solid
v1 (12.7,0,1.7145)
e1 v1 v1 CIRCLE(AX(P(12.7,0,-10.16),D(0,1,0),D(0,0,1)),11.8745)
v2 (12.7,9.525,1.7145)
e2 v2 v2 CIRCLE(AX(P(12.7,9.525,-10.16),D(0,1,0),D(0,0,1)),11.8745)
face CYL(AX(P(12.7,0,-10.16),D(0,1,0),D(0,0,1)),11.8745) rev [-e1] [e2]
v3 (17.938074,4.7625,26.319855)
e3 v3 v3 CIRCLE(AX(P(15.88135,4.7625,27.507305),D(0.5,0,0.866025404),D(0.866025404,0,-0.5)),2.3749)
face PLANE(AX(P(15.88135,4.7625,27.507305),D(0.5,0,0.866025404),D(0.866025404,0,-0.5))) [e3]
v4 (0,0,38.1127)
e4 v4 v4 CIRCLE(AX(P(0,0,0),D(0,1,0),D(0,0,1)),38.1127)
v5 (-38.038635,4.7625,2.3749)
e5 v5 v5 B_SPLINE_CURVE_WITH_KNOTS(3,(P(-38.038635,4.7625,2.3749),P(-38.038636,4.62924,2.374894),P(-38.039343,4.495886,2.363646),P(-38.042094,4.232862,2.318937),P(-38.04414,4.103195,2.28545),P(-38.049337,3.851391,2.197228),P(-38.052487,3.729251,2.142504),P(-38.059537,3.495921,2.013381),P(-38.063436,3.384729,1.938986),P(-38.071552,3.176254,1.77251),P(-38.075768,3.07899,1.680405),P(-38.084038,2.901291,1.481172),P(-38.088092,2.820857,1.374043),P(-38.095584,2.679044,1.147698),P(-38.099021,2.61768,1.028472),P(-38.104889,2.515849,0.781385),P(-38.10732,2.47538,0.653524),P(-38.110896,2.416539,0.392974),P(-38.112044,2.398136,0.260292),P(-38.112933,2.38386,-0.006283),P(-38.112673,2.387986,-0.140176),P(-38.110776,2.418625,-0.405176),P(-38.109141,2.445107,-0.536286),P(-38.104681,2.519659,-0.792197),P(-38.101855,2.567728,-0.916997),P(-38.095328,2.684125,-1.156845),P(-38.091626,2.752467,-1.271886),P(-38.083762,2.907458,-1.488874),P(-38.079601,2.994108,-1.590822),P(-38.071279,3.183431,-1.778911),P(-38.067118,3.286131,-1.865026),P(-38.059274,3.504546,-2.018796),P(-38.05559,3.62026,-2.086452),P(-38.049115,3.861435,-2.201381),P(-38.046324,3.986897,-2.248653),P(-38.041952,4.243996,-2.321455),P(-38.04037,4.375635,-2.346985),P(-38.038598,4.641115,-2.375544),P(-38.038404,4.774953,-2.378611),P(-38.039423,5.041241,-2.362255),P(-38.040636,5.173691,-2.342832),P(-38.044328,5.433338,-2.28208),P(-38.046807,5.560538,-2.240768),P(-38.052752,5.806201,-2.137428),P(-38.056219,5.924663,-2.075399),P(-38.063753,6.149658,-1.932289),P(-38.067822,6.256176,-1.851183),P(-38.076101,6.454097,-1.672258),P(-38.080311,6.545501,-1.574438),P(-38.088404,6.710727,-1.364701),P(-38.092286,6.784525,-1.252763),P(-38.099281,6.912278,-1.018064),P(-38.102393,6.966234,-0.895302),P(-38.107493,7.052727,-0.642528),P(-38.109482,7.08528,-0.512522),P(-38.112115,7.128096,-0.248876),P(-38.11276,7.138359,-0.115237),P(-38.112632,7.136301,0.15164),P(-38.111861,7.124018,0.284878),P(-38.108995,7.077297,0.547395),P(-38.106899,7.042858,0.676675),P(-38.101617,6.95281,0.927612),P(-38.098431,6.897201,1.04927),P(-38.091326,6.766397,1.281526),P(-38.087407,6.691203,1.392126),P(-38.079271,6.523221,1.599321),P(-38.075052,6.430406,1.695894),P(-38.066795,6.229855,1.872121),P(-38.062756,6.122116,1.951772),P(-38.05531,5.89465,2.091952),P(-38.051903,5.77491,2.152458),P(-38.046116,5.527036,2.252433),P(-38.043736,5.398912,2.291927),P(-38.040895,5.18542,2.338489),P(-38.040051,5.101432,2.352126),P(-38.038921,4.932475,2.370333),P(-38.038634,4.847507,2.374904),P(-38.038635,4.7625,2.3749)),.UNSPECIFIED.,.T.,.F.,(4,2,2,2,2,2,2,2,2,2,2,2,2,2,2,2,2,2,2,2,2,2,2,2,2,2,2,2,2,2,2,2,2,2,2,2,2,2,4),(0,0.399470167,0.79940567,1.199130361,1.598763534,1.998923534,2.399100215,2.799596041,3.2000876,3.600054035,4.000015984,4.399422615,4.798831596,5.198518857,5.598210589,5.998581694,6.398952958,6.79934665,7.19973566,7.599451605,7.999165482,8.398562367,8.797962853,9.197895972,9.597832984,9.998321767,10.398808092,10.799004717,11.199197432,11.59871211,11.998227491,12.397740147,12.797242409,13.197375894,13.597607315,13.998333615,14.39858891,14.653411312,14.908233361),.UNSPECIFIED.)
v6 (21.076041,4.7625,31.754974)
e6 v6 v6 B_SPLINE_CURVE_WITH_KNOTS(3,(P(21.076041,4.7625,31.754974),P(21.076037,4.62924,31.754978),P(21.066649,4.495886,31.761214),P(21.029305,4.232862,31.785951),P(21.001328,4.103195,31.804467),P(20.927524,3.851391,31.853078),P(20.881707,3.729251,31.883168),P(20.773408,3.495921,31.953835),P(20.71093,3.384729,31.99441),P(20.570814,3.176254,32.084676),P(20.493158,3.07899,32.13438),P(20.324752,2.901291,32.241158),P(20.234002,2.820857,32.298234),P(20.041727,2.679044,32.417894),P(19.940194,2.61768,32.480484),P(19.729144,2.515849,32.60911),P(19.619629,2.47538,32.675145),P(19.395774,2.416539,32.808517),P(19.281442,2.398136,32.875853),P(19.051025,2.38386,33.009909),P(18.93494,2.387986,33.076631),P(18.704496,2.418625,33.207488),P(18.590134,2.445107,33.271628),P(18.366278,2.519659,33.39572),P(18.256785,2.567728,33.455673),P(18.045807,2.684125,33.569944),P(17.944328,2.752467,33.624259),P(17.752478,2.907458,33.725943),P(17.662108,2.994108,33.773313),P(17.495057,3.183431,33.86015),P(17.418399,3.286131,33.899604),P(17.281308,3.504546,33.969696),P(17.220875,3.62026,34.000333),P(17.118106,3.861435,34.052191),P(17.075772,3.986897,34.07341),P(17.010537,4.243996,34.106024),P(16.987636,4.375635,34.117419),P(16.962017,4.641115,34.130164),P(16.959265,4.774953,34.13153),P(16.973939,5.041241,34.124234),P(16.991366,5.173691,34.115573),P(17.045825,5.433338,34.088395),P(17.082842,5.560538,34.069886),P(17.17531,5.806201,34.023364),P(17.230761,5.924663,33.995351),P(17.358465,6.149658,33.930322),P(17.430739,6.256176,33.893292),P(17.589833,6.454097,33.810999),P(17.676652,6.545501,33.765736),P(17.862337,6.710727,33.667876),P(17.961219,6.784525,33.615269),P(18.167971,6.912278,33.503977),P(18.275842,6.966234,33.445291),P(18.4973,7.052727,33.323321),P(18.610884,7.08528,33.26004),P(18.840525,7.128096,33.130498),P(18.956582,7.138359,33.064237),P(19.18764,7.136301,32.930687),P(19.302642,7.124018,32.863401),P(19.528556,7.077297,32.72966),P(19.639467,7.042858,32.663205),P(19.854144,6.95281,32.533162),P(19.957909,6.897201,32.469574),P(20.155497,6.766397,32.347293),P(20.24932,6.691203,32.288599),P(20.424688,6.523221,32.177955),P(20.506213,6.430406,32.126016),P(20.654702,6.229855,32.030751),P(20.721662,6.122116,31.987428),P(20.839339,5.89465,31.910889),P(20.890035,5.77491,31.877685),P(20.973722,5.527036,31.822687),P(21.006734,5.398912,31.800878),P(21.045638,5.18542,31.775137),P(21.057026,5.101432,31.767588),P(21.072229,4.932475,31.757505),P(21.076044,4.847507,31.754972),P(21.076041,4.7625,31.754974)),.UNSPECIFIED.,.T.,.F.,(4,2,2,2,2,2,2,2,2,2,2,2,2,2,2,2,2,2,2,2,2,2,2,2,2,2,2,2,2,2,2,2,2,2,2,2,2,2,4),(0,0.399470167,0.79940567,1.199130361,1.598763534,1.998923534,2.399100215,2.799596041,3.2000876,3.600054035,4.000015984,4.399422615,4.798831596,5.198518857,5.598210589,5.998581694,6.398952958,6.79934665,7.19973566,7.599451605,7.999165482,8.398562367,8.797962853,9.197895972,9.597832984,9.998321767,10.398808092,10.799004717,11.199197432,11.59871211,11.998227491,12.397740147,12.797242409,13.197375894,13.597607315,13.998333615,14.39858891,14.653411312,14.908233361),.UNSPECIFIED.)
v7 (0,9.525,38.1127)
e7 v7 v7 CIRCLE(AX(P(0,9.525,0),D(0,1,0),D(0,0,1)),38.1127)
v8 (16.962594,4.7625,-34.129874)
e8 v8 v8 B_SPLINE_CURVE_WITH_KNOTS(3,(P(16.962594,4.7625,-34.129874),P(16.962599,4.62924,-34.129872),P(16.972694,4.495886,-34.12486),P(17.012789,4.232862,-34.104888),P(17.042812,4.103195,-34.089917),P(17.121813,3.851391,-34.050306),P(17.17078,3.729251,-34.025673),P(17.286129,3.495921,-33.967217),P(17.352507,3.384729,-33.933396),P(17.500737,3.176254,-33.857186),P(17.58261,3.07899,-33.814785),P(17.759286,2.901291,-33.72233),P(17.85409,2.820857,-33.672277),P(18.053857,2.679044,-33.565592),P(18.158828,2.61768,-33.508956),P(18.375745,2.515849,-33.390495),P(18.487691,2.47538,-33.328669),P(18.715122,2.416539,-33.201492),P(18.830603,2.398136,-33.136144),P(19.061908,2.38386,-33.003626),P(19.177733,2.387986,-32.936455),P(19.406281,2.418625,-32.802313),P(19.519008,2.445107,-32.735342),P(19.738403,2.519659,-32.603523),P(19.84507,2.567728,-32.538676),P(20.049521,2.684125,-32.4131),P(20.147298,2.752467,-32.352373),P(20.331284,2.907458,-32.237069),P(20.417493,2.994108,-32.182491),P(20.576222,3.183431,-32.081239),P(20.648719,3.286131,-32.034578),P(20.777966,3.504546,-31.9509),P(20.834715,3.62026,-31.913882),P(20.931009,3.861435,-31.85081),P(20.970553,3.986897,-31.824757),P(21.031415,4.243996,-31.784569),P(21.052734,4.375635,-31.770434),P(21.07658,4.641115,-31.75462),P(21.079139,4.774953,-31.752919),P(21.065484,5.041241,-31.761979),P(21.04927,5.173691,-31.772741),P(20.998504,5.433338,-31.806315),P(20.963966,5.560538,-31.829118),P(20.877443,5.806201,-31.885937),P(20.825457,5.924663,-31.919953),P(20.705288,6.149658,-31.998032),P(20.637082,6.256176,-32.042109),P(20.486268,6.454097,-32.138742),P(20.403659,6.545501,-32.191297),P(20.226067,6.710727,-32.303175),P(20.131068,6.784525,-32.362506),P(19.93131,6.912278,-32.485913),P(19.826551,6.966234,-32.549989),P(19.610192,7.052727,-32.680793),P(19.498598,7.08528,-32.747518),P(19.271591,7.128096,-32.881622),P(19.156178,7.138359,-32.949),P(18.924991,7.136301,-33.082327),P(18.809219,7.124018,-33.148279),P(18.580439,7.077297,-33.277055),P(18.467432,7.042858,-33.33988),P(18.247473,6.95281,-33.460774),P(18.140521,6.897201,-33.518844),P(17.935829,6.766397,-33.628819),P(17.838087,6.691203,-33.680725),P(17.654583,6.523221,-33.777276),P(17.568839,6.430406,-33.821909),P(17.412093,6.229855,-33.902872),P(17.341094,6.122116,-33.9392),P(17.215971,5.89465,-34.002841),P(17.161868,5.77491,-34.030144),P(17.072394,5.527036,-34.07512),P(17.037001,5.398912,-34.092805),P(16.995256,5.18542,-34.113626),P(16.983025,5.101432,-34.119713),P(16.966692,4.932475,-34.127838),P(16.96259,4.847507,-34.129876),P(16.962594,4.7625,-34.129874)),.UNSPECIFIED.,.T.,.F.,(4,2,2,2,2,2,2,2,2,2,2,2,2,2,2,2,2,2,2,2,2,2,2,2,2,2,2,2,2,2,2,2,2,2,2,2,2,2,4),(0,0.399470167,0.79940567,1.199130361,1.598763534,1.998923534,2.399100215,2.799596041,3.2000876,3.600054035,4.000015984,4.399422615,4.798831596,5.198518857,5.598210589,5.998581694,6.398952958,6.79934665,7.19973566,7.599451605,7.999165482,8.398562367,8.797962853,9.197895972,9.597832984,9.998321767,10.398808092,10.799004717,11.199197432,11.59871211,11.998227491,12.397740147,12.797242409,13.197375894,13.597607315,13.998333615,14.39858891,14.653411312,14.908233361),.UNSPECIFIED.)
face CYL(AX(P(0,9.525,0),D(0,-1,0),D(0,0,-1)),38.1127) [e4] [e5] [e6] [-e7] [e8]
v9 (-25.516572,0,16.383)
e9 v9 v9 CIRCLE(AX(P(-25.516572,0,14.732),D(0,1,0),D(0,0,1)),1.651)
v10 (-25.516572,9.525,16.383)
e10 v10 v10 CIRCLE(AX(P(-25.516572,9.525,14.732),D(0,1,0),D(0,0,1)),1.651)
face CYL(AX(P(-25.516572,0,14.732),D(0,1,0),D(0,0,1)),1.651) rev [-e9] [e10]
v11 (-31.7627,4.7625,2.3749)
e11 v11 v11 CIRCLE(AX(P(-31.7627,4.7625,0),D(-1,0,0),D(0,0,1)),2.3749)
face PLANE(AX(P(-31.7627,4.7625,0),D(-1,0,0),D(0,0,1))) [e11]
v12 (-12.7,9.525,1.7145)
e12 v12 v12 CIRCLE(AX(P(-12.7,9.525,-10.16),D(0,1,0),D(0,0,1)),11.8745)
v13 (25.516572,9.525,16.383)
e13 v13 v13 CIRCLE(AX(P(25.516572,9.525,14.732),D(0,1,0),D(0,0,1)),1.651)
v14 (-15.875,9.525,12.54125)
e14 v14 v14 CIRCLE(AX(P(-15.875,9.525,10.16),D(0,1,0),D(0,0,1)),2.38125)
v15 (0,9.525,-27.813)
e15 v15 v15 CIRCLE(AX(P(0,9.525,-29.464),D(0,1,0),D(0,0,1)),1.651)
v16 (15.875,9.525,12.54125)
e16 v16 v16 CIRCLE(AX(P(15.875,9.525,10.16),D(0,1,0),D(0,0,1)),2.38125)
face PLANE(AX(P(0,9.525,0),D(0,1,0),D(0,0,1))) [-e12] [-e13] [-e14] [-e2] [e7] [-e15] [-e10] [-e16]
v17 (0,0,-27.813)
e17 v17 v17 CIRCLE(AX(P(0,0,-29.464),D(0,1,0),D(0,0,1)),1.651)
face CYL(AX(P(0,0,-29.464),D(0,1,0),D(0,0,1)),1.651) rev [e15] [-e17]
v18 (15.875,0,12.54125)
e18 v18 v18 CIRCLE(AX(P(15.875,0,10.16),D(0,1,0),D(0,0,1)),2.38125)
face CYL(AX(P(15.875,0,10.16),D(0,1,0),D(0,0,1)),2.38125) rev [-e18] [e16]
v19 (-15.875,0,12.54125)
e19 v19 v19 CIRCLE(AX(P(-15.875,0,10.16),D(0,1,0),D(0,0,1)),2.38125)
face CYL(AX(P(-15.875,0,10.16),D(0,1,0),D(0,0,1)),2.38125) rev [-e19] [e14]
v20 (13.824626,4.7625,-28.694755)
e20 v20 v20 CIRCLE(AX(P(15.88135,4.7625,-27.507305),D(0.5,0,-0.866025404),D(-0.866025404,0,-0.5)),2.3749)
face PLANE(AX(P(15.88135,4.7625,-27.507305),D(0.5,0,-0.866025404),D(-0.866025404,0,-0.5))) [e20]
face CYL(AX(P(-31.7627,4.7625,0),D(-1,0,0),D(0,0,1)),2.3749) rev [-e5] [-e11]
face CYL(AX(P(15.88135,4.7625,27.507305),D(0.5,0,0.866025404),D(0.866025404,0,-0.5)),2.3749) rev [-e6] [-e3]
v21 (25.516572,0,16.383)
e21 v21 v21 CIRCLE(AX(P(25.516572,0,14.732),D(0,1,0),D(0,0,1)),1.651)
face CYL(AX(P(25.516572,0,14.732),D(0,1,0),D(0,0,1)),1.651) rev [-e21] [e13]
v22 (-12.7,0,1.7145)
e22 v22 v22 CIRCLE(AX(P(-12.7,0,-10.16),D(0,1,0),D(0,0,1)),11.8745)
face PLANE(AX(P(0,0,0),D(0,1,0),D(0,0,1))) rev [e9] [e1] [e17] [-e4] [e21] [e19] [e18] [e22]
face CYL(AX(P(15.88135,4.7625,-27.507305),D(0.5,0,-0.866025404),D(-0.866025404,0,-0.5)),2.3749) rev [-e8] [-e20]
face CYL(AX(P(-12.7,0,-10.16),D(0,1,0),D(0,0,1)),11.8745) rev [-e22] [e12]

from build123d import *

# Parameters (mm, degrees)
SKETCH1_R               = 38.1127
BOSS_EXTRUDE1_DEPTH     = 9.525
SKETCH2_R               = 1.651
SKETCH2_R_2             = 11.8745
CUT_EXTRUDE1_DEPTH      = 55.734645587
SKETCH4_R               = 2.3749
CUT_EXTRUDE2_DEPTH      = 6.35
CIRPATTERN1_COUNT       = 3
CUT_EXTRUDE3_DEPTH      = 55.734645747
CUT_EXTRUDE3_DEPTH_BACK = 55.734645747
SKETCH5_R               = 2.38125


with BuildPart() as part:
    # Sketch1 → Boss-Extrude1 (new body)
    with BuildSketch(Plane(origin=(0, 0, 0), x_dir=(1, 0, 0), z_dir=(0, 1, 0))):
        Circle(SKETCH1_R)
    extrude(amount=BOSS_EXTRUDE1_DEPTH)

    # Sketch2 → Cut-Extrude1 (cut, through all)
    with BuildSketch(Plane(origin=(0, 9.525, 0), x_dir=(1, 0, 0), z_dir=(0, 1, 0))):
        with Locations((0, 29.464)):
            Circle(SKETCH2_R)
        with Locations((25.516572497, -14.732)):
            Circle(SKETCH2_R)
        with Locations((-25.516572497, -14.732)):
            Circle(SKETCH2_R)
        with Locations((-12.7, 10.16)):
            Circle(SKETCH2_R_2)
        with Locations((12.7, 10.16)):
            Circle(SKETCH2_R_2)
    extrude(amount=-CUT_EXTRUDE1_DEPTH, mode=Mode.SUBTRACT)

    # Sketch4 → Cut-Extrude2 (cut)
    with BuildSketch(Plane(origin=(19.05635, 0, -33.006566407), x_dir=(0, -1, 0), z_dir=(0.499999999999998, 0, -0.8660254037844398))):
        with Locations((-4.7625, 0)):
            Circle(SKETCH4_R)
    cut_extrude2 = extrude(amount=-CUT_EXTRUDE2_DEPTH, mode=Mode.SUBTRACT)

    # CirPattern1: Cut-Extrude2 ×3 about axis
    cirpattern1_axis = Axis((0, 10.00125, 0), (0, -1, 0))
    for i in range(1, CIRPATTERN1_COUNT):
        add(cut_extrude2.rotate(cirpattern1_axis, i * 360 / CIRPATTERN1_COUNT), mode=Mode.SUBTRACT)

    # Sketch5 → Cut-Extrude3 (cut, two sides: drawn at the far end of the back side and taken through both)
    with BuildSketch(Plane(origin=(0, 9.525, 0), x_dir=(1, 0, 0), z_dir=(0, 1, 0)).offset(-CUT_EXTRUDE3_DEPTH_BACK)):
        with Locations((-15.875, -10.16)):
            Circle(SKETCH5_R)
        with Locations((15.875, -10.16)):
            Circle(SKETCH5_R)
    extrude(amount=CUT_EXTRUDE3_DEPTH + CUT_EXTRUDE3_DEPTH_BACK, mode=Mode.SUBTRACT)


solid = part.part
